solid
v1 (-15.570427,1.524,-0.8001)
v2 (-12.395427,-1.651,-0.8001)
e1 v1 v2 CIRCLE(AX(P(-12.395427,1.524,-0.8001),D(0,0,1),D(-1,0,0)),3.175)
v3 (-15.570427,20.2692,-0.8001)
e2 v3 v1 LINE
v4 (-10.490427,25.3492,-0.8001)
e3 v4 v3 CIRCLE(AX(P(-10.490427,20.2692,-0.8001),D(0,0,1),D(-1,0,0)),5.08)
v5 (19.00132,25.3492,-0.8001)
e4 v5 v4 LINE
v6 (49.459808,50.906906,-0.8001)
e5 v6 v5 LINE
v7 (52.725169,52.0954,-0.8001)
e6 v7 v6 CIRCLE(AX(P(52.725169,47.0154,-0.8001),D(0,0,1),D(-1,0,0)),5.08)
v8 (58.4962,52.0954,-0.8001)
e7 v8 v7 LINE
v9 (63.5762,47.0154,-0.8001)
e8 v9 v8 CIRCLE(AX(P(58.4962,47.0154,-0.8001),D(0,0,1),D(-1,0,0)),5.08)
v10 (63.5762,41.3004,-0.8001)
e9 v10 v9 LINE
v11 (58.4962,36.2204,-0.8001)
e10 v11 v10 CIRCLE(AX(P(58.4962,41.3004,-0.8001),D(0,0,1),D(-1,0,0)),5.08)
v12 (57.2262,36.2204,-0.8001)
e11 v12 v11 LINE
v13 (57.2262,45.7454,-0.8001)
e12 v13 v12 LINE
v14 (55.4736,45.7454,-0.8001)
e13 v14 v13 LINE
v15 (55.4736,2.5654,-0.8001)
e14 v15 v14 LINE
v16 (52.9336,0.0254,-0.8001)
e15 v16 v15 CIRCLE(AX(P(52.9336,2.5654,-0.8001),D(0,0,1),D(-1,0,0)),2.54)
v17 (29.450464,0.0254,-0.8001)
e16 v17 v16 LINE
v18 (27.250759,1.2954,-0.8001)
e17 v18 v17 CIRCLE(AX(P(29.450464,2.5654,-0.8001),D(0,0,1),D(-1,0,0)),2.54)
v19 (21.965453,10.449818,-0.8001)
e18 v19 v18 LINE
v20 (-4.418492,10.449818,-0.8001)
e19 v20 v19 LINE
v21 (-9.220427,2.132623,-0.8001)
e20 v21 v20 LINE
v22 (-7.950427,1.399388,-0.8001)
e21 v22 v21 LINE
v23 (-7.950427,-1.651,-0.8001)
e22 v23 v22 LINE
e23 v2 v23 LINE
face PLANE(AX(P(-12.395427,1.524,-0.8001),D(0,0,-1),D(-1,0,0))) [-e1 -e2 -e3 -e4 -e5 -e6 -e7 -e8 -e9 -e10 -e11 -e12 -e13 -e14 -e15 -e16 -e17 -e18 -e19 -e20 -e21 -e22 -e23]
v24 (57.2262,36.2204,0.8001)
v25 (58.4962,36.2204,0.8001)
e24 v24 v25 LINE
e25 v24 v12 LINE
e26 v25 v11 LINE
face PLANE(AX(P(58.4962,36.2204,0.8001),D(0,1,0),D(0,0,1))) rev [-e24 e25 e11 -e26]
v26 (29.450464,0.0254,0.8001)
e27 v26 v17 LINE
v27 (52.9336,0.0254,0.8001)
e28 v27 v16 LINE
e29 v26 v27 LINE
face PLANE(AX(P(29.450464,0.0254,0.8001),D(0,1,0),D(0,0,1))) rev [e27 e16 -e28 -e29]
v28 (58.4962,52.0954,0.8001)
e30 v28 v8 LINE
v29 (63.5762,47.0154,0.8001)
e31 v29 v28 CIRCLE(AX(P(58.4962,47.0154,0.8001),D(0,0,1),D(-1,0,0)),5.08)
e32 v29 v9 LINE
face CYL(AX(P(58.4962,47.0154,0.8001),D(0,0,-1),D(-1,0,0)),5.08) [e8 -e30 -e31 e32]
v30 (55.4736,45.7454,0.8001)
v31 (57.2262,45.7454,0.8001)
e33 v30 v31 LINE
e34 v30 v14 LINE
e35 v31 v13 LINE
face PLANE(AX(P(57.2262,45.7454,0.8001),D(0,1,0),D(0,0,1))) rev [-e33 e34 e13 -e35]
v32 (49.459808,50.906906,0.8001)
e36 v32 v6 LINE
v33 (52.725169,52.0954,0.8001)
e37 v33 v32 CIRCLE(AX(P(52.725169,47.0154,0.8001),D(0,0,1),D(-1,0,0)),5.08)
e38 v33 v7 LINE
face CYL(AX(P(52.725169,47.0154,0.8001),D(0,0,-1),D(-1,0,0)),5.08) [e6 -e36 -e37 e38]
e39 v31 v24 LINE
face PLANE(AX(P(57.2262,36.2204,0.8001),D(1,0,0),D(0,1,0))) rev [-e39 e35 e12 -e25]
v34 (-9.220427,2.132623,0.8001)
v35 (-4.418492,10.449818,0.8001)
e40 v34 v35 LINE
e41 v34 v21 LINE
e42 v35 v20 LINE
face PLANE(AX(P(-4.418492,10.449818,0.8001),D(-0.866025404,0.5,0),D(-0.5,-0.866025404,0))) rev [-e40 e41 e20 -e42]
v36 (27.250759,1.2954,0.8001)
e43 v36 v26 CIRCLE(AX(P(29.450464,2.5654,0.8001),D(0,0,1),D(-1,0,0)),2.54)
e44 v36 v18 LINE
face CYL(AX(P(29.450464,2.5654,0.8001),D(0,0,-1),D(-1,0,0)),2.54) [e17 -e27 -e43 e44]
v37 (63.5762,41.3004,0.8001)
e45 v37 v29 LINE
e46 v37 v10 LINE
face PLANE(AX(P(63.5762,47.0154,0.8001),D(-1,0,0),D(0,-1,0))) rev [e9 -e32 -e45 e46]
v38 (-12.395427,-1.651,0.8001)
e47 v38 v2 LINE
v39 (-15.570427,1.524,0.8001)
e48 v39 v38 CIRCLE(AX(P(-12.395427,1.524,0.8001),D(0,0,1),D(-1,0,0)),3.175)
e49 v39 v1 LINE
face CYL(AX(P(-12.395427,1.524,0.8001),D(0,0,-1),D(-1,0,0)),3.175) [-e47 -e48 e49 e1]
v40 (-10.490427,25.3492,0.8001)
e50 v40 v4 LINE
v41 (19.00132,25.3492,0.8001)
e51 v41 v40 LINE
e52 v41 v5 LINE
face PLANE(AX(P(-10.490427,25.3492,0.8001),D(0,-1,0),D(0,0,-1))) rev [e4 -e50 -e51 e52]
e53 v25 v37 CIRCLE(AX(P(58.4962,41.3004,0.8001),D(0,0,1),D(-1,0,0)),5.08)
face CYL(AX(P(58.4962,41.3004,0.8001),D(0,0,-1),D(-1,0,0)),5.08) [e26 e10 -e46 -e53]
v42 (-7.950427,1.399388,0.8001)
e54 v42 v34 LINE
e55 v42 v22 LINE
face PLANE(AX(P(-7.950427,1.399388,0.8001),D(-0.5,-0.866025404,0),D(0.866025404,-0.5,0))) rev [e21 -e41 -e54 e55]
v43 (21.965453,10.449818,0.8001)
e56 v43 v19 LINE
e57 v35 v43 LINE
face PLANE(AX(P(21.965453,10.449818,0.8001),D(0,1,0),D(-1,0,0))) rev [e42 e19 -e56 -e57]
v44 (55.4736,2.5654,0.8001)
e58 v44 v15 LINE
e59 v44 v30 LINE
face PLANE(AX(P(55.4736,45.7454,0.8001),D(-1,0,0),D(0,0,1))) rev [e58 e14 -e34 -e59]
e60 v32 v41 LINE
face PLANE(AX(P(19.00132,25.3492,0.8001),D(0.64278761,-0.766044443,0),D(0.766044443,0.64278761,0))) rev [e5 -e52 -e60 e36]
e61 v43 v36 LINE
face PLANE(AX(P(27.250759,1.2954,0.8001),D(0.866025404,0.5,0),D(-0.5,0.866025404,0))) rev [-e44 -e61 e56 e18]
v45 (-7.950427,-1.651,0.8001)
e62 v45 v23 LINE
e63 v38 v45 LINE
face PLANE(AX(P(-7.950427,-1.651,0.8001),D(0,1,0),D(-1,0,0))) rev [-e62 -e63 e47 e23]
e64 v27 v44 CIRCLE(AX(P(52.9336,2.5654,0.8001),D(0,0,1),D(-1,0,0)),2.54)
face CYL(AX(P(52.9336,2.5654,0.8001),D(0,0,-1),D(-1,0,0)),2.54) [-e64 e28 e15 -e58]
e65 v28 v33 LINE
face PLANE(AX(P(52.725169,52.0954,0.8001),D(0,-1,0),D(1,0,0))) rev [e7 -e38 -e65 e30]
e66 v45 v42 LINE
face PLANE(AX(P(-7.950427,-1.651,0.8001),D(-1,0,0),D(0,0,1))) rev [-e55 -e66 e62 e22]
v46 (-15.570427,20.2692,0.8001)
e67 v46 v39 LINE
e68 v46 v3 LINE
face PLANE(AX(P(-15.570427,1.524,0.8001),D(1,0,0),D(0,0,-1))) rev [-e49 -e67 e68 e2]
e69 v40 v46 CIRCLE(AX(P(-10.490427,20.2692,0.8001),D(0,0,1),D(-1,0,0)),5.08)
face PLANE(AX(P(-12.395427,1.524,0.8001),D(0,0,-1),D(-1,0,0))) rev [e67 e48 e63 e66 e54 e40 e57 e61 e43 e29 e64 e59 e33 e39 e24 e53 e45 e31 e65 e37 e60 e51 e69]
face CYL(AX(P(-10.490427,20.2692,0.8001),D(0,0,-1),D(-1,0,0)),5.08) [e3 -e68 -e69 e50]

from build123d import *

# Parameters (mm, degrees)
BOSS_EXTRUDE1_DEPTH = 0.8001


with BuildPart() as part:
    # Sketch1 → Boss-Extrude1 (new body, symmetric)
    with BuildSketch(Plane.XY):
        with BuildLine():
            Line((27.250759249, 1.2954), (21.965453493, 10.449818102))
            Line((21.965453493, 10.449818102), (-4.418491784, 10.449818102))
            Line((-4.418491784, 10.449818102), (-9.22042678, 2.132622715))
            Line((-9.22042678, 2.132622715), (-7.95042678, 1.399387873))
            Line((-7.95042678, 1.399387873), (-7.95042678, -1.651))
            Line((-7.95042678, -1.651), (-12.39542678, -1.651))
            ThreePointArc((-12.39542678, -1.651), (-14.64049081, -0.72106403), (-15.57042678, 1.524))
            Line((-15.57042678, 1.524), (-15.57042678, 20.2692))
            ThreePointArc((-15.57042678, 20.2692), (-14.082529228, 23.861302448), (-10.49042678, 25.3492))
            Line((-10.49042678, 25.3492), (19.001320062, 25.3492))
            Line((19.001320062, 25.3492), (49.459807733, 50.906905771))
            ThreePointArc((49.459807733, 50.906905771), (50.987706462, 51.789038514), (52.72516879, 52.0954))
            Line((52.72516879, 52.0954), (58.4962, 52.0954))
            ThreePointArc((58.4962, 52.0954), (62.088302448, 50.607502448), (63.5762, 47.0154))
            Line((63.5762, 47.0154), (63.5762, 41.3004))
            ThreePointArc((63.5762, 41.3004), (62.088302448, 37.708297552), (58.4962, 36.2204))
            Line((58.4962, 36.2204), (57.2262, 36.2204))
            Line((57.2262, 36.2204), (57.2262, 45.7454))
            Line((57.2262, 45.7454), (55.4736, 45.7454))
            Line((55.4736, 45.7454), (55.4736, 2.5654))
            ThreePointArc((55.4736, 2.5654), (54.729651224, 0.769348776), (52.9336, 0.0254))
            Line((52.9336, 0.0254), (29.450463774, 0.0254))
            ThreePointArc((29.450463774, 0.0254), (28.180463774, 0.365695474), (27.250759249, 1.2954))
        make_face()
    extrude(amount=BOSS_EXTRUDE1_DEPTH, both=True)


solid = part.part
